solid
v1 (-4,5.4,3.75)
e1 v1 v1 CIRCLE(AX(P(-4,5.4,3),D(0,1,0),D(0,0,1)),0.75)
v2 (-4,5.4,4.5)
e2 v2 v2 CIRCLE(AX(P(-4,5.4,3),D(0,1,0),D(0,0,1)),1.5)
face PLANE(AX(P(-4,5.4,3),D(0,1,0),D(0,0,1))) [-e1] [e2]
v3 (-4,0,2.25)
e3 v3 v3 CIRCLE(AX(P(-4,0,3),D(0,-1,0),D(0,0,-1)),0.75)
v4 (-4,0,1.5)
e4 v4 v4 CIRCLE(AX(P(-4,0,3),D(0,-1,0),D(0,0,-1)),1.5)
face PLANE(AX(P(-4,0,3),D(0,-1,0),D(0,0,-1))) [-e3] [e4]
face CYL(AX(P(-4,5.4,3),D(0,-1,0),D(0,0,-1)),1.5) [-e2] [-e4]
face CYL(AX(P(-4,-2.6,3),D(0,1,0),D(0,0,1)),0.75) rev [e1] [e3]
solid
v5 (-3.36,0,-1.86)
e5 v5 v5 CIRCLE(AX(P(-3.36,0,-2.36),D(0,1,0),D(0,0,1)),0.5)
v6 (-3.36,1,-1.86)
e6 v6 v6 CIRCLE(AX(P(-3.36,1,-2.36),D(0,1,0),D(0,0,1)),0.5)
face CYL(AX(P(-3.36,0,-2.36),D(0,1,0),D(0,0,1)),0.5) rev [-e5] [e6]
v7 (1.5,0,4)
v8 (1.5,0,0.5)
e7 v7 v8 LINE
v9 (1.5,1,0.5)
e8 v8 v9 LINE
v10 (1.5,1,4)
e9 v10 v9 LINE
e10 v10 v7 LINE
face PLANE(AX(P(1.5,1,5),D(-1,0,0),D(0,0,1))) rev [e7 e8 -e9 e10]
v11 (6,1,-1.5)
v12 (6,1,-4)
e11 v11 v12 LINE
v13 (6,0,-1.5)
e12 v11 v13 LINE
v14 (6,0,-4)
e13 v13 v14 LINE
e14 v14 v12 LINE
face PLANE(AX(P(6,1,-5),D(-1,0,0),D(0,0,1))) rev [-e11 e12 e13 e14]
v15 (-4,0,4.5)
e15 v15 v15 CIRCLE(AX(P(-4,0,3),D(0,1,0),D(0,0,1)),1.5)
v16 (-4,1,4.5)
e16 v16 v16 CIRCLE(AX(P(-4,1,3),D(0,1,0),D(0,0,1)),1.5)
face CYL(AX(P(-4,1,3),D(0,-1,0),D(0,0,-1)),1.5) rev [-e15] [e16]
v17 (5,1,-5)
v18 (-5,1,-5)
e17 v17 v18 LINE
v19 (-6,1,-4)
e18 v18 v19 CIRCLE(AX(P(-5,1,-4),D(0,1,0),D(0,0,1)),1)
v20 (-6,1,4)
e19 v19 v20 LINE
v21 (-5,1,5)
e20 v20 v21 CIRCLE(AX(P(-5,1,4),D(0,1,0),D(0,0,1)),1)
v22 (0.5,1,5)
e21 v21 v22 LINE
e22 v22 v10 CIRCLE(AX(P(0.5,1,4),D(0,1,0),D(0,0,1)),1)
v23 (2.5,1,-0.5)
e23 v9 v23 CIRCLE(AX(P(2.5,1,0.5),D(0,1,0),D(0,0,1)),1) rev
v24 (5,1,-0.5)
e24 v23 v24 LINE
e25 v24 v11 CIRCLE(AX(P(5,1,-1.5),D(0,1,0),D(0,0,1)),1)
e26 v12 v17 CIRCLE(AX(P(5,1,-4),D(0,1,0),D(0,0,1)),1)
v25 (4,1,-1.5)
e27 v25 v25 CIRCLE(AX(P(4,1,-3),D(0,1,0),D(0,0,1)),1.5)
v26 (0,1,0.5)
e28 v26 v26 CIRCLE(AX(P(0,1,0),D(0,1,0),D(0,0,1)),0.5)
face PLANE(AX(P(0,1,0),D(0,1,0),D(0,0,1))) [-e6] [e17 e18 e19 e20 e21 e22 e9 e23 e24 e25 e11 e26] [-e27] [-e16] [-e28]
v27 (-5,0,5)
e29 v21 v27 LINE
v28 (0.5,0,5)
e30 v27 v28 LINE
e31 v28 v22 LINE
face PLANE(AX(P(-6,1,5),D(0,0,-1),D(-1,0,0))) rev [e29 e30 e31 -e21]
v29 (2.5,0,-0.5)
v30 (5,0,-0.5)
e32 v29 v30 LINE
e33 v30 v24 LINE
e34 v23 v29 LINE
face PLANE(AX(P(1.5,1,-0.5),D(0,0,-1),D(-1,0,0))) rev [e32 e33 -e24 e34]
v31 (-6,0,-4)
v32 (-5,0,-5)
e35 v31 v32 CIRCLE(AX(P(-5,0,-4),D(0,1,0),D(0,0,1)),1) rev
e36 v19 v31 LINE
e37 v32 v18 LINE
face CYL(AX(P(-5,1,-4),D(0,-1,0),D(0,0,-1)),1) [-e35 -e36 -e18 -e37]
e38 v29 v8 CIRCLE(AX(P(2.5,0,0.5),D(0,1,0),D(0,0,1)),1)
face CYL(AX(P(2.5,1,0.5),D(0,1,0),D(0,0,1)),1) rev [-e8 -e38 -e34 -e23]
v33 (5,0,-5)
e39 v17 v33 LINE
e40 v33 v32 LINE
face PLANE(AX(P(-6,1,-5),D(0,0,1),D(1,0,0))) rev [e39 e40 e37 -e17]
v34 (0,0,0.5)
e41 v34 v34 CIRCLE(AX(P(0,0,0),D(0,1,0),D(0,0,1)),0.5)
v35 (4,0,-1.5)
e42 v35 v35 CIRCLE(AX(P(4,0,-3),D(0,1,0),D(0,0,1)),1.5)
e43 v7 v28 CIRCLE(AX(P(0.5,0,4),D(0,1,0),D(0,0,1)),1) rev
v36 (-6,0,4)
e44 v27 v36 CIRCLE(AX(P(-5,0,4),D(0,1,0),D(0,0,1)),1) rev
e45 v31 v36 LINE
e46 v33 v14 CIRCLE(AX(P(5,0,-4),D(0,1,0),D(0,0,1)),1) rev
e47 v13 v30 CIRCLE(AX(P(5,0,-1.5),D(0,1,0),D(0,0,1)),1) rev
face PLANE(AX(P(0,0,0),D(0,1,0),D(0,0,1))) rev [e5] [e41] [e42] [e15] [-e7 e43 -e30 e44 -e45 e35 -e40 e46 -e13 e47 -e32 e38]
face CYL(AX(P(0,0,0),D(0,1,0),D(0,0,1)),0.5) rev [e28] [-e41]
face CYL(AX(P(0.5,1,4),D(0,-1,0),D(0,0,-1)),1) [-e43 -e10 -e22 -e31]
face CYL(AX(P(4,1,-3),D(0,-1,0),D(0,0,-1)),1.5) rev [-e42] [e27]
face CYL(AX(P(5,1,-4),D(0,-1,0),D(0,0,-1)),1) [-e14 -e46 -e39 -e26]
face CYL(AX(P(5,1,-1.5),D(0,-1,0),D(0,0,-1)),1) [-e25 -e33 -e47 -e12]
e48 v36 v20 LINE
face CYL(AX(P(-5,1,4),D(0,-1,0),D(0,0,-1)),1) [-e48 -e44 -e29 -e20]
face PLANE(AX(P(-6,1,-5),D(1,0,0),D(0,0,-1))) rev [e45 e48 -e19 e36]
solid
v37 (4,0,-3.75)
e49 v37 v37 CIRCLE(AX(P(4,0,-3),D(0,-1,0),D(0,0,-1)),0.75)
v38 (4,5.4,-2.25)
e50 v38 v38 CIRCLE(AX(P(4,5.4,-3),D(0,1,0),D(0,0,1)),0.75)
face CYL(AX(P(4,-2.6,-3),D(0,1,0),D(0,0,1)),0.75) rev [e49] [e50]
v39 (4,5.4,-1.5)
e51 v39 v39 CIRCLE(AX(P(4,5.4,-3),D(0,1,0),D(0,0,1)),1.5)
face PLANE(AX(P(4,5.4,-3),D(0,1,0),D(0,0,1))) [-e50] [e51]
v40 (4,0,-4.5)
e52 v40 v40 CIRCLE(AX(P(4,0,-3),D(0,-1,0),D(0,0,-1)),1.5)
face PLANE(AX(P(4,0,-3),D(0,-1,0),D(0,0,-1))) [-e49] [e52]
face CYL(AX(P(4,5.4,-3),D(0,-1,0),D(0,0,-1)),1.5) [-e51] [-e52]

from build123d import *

# Parameters (mm, degrees)
CROQUIS1_R                = 1.5
SALIENTE_EXTRUIR1_DEPTH   = 1
CROQUIS2_R                = 1.5
SALIENTE_EXTRUIR2_DEPTH   = 4.4
SALIENTE_EXTRUIR2_2_DEPTH = 4.4
CROQUIS3_R                = 0.75
CORTAR_EXTRUIR1_DEPTH     = 8
REDONDEO1_R               = 1
CROQUIS4_R                = 1.5
CROQUIS4_R_2              = 0.75
SALIENTE_EXTRUIR3_DEPTH   = 1
CROQUIS5_R                = 0.5
CORTAR_EXTRUIR2_DEPTH     = 1


with BuildPart() as part:
    # Croquis1 → Saliente-Extruir1 (new body)
    with BuildSketch(Plane(origin=(0, 0, 0), x_dir=(1, 0, 0), z_dir=(0, 1, 0))):
        Polygon((-6, 5), (6, 5), (6, 0.5), (1.5, 0.5), (1.5, -5), (-6, -5), align=None)
        with Locations((4, 3)):
            Circle(CROQUIS1_R, mode=Mode.SUBTRACT)
        with Locations((-4, -3)):
            Circle(CROQUIS1_R, mode=Mode.SUBTRACT)
    extrude(amount=SALIENTE_EXTRUIR1_DEPTH)

    # Redondeo1
    redondeo1_edges = [part.edges().sort_by_distance(p)[0] for p in [
        (-6, 0.5, -5),
        (6, 0.5, -5),
        (6, 0.5, -0.5),
        (1.5, 0.5, -0.5),
        (1.5, 0.5, 5),
        (-6, 0.5, 5),
    ]]
    fillet(redondeo1_edges, radius=REDONDEO1_R)

    # Croquis5 → Cortar-Extruir2 (cut)
    with BuildSketch(Plane(origin=(0, 1, 0), x_dir=(1, 0, 0), z_dir=(0, 1, 0))):
        with Locations((-3.36, 2.36)):
            Circle(CROQUIS5_R)
        Circle(CROQUIS5_R)
    extrude(amount=-CORTAR_EXTRUIR2_DEPTH, mode=Mode.SUBTRACT)


with BuildPart() as body_2:
    # Croquis2 → Saliente-Extruir2 (new body)
    with BuildSketch(Plane(origin=(0, 1, 0), x_dir=(1, 0, 0), z_dir=(0, 1, 0))):
        with Locations((4, 3)):
            Circle(CROQUIS2_R)
    extrude(amount=SALIENTE_EXTRUIR2_DEPTH)


with BuildPart() as body_3:
    # Croquis2 → Saliente-Extruir2 2 (new body)
    with BuildSketch(Plane(origin=(0, 1, 0), x_dir=(1, 0, 0), z_dir=(0, 1, 0))):
        with Locations((-4, -3)):
            Circle(CROQUIS2_R)
    extrude(amount=SALIENTE_EXTRUIR2_2_DEPTH)


with BuildPart() as cortar_extruir1_tool:
    # Croquis3 → Cortar-Extruir1 (new body)
    with BuildSketch(Plane(origin=(0, 5.4, 0), x_dir=(1, 0, 0), z_dir=(0, 1, 0))):
        with Locations((4, 3)):
            Circle(CROQUIS3_R)
        with Locations((-4, -3)):
            Circle(CROQUIS3_R)
    extrude(amount=-CORTAR_EXTRUIR1_DEPTH)


with BuildPart() as body_2_1:
    add(body_2.part)

    # Cortar-Extruir1: cut by cortar_extruir1_tool
    add(cortar_extruir1_tool.part, mode=Mode.SUBTRACT)


with BuildPart() as body_3_1:
    add(body_3.part)

    # Cortar-Extruir1: cut by cortar_extruir1_tool
    add(cortar_extruir1_tool.part, mode=Mode.SUBTRACT)


    add(body_2_1.part)  # Saliente-Extruir3 merges body 2
    # Croquis4 → Saliente-Extruir3 (add)
    with BuildSketch(Plane.XZ.offset(-1)):
        with Locations((4, -3)):
            Circle(CROQUIS4_R)
        with Locations((4, -3)):
            Circle(CROQUIS4_R_2, mode=Mode.SUBTRACT)
        with Locations((-4, 3)):
            Circle(CROQUIS4_R)
        with Locations((-4, 3)):
            Circle(CROQUIS4_R_2, mode=Mode.SUBTRACT)
    extrude(amount=SALIENTE_EXTRUIR3_DEPTH)


solid = Compound([part.part, body_3_1.part])
